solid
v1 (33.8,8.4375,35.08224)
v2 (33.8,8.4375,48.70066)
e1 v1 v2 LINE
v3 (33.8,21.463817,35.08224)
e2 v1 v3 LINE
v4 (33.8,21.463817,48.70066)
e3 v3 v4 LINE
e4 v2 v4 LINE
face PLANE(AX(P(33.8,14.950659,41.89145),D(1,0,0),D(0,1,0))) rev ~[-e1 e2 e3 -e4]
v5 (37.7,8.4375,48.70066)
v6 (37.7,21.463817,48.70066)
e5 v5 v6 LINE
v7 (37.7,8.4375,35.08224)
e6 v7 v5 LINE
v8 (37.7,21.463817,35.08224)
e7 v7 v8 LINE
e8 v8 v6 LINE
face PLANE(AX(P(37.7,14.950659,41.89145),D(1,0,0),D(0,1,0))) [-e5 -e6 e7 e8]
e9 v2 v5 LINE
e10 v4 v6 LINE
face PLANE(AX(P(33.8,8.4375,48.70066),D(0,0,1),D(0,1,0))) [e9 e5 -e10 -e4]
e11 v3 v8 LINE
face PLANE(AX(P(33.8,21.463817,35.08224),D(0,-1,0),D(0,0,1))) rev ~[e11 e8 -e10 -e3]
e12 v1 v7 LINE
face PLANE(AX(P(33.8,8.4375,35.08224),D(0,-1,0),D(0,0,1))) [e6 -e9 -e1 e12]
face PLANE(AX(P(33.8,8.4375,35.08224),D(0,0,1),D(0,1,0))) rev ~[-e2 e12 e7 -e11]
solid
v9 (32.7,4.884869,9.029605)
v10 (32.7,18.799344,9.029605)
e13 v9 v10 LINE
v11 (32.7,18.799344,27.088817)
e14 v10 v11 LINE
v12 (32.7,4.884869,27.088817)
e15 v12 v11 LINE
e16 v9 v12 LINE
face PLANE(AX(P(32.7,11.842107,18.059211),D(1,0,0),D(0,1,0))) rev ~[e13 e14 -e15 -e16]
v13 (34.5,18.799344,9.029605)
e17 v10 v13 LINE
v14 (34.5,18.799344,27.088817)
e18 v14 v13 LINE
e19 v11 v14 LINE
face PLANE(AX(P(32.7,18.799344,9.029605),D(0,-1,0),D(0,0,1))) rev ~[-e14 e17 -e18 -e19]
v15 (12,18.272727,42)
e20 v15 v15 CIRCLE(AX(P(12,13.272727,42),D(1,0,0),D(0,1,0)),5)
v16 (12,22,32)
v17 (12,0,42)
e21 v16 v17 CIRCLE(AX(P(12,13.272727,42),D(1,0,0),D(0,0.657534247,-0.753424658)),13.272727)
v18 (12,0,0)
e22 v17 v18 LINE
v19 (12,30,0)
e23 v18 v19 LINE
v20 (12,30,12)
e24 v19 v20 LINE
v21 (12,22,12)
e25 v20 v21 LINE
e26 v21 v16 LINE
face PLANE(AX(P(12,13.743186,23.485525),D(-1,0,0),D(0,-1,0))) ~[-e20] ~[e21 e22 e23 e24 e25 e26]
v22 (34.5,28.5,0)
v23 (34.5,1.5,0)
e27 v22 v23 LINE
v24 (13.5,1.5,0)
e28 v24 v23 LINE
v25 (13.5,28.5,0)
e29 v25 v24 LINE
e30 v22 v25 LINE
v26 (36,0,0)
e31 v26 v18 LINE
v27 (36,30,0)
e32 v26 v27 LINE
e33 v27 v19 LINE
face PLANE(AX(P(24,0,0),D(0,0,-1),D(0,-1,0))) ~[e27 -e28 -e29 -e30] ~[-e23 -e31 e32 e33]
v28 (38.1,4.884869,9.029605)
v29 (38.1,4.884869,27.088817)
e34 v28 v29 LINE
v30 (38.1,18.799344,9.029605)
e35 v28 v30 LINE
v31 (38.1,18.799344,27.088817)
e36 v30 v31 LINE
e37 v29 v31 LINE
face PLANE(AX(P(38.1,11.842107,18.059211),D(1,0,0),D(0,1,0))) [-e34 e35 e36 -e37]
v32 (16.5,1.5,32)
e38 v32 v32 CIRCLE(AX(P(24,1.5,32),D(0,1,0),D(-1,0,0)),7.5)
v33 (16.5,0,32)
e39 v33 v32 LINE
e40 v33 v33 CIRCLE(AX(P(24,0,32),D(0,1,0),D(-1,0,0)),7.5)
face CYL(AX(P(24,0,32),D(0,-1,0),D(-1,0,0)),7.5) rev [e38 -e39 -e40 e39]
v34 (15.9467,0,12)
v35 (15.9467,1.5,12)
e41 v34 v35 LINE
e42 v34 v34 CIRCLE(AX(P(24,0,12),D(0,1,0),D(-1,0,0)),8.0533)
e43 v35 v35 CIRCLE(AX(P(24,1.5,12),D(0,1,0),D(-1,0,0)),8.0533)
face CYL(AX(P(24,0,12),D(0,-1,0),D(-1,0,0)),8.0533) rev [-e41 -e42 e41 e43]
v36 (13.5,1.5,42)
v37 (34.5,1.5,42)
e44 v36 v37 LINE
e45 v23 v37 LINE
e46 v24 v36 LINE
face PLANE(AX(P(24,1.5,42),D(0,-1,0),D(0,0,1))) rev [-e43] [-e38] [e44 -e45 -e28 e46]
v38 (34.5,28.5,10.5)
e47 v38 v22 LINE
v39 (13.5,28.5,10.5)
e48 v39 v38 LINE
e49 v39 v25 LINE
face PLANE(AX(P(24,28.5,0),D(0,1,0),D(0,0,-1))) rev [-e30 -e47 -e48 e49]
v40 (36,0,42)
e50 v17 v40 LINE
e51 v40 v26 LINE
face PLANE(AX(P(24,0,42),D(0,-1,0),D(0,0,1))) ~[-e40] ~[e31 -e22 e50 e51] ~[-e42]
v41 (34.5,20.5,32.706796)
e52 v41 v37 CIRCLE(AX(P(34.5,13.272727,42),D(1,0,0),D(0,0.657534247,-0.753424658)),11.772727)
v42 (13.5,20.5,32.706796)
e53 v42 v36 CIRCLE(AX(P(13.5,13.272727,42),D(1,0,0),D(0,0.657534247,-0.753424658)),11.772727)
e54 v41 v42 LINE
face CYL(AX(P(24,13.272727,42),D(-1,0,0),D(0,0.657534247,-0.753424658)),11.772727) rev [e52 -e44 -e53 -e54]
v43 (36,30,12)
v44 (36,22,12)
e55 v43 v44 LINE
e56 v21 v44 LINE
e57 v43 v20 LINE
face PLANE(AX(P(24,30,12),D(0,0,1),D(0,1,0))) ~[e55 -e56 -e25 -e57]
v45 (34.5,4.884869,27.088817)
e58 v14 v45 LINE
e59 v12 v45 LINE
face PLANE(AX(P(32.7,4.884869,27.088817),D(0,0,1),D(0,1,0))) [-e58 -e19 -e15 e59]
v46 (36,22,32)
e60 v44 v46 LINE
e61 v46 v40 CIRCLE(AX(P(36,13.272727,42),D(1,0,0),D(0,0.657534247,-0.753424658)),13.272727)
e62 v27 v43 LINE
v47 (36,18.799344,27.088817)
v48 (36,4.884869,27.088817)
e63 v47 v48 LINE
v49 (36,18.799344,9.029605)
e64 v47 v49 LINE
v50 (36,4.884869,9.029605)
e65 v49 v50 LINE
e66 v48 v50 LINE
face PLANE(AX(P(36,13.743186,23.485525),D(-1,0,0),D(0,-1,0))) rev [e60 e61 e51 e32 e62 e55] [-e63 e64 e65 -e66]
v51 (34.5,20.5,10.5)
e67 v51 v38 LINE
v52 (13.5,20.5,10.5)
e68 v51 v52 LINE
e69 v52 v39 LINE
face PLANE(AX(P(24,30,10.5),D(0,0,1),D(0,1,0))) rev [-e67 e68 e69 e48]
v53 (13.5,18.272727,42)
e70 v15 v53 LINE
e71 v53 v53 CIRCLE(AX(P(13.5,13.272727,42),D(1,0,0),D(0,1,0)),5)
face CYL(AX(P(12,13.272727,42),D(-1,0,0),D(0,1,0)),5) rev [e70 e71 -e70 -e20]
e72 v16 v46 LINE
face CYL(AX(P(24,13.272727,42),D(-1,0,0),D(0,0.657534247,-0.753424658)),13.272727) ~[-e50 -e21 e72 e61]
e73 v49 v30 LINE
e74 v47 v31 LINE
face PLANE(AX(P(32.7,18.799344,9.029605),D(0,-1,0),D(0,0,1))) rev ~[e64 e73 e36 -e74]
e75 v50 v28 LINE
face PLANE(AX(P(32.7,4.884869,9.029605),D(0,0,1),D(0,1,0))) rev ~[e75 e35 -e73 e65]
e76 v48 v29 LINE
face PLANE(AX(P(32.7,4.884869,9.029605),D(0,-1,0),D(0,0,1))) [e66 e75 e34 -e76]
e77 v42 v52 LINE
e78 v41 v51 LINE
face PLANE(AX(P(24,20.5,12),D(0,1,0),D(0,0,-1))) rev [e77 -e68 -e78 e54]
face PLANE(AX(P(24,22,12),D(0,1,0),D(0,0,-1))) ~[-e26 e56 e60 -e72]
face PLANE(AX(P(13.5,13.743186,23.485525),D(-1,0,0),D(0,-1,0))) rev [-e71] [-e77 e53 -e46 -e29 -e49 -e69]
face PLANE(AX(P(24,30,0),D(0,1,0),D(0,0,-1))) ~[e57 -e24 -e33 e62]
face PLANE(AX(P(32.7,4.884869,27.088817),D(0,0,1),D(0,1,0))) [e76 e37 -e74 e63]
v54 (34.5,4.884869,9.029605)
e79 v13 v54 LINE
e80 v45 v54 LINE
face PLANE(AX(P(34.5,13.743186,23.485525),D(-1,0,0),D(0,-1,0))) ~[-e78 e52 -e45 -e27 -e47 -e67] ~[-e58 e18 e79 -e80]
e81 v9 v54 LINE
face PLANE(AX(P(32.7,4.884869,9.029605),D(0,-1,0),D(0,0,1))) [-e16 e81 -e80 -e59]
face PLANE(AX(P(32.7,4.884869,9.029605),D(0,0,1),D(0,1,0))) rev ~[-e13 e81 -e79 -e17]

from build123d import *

# Parameters (mm, degrees)
F1_DEPTH  = 12
F2_T      = -1.5
F3_R      = 5
F4_DEPTH  = 5
F5_R      = 7.5
F5_R_2    = 8.0533004945
F6_DEPTH  = 5
F10_START = 33.8
F9_W      = 13.0263166502
F9_H      = 13.6184208095
F10_DEPTH = 3.9
F12_START = 32.7
F11_W     = 13.9144747518
F11_H     = 18.0592117831
F12_DEPTH = 5.4


with BuildPart() as f1:
    # F0 (on Right) → F1 (new body, symmetric)
    with BuildSketch(Plane.YZ):
        with BuildLine():
            Line((0, 42), (0, 0))
            Line((0, 0), (30, 0))
            Line((30, 0), (30, 12))
            Line((30, 12), (22, 12))
            Line((22, 12), (22, 32))
            ThreePointArc((22, 32), (18.7650208971, 54.0830459736), (0, 42))
        make_face()
    extrude(amount=F1_DEPTH, both=True)

    # F2
    f2_openings = [f1.faces().sort_by_distance(p)[0] for p in [
        (0, 15, 0),
    ]]
    offset(amount=F2_T, openings=f2_openings, kind=Kind.INTERSECTION)

    # F3 (on face) → F4 (cut)
    with BuildSketch(Plane.YZ.offset(12)):
        with Locations((13.2727272727, 42)):
            Circle(F3_R)
    extrude(amount=-F4_DEPTH, mode=Mode.SUBTRACT)

    # F5 (on face) → F6 (cut)
    with BuildSketch(Plane.XZ):
        with Locations((0, 32)):
            Circle(F5_R)
        with Locations((0, 12)):
            Circle(F5_R_2)
    extrude(amount=-F6_DEPTH, mode=Mode.SUBTRACT)


with BuildPart() as f7_1:
    # F7: instance of F1
    add(f1.part.mirror(Plane(origin=(12, 12.8367440459, 24.8577602778), x_dir=(0, 1, 0), z_dir=(1, 0, 0))))

    # F11 (on Right) → F12 (join)
    with BuildSketch(Plane.YZ.offset(F12_START)):
        with Locations((11.8421067018, 18.0592113174)):
            Rectangle(F11_W, F11_H)
    extrude(amount=F12_DEPTH)


with BuildPart() as f10:
    # F9 (on Right) → F10 (new body)
    with BuildSketch(Plane.YZ.offset(F10_START)):
        with Locations((14.9506586604, 41.8914500624)):
            Rectangle(F9_W, F9_H)
    extrude(amount=F10_DEPTH)


solid = Compound([f7_1.part, f10.part])
